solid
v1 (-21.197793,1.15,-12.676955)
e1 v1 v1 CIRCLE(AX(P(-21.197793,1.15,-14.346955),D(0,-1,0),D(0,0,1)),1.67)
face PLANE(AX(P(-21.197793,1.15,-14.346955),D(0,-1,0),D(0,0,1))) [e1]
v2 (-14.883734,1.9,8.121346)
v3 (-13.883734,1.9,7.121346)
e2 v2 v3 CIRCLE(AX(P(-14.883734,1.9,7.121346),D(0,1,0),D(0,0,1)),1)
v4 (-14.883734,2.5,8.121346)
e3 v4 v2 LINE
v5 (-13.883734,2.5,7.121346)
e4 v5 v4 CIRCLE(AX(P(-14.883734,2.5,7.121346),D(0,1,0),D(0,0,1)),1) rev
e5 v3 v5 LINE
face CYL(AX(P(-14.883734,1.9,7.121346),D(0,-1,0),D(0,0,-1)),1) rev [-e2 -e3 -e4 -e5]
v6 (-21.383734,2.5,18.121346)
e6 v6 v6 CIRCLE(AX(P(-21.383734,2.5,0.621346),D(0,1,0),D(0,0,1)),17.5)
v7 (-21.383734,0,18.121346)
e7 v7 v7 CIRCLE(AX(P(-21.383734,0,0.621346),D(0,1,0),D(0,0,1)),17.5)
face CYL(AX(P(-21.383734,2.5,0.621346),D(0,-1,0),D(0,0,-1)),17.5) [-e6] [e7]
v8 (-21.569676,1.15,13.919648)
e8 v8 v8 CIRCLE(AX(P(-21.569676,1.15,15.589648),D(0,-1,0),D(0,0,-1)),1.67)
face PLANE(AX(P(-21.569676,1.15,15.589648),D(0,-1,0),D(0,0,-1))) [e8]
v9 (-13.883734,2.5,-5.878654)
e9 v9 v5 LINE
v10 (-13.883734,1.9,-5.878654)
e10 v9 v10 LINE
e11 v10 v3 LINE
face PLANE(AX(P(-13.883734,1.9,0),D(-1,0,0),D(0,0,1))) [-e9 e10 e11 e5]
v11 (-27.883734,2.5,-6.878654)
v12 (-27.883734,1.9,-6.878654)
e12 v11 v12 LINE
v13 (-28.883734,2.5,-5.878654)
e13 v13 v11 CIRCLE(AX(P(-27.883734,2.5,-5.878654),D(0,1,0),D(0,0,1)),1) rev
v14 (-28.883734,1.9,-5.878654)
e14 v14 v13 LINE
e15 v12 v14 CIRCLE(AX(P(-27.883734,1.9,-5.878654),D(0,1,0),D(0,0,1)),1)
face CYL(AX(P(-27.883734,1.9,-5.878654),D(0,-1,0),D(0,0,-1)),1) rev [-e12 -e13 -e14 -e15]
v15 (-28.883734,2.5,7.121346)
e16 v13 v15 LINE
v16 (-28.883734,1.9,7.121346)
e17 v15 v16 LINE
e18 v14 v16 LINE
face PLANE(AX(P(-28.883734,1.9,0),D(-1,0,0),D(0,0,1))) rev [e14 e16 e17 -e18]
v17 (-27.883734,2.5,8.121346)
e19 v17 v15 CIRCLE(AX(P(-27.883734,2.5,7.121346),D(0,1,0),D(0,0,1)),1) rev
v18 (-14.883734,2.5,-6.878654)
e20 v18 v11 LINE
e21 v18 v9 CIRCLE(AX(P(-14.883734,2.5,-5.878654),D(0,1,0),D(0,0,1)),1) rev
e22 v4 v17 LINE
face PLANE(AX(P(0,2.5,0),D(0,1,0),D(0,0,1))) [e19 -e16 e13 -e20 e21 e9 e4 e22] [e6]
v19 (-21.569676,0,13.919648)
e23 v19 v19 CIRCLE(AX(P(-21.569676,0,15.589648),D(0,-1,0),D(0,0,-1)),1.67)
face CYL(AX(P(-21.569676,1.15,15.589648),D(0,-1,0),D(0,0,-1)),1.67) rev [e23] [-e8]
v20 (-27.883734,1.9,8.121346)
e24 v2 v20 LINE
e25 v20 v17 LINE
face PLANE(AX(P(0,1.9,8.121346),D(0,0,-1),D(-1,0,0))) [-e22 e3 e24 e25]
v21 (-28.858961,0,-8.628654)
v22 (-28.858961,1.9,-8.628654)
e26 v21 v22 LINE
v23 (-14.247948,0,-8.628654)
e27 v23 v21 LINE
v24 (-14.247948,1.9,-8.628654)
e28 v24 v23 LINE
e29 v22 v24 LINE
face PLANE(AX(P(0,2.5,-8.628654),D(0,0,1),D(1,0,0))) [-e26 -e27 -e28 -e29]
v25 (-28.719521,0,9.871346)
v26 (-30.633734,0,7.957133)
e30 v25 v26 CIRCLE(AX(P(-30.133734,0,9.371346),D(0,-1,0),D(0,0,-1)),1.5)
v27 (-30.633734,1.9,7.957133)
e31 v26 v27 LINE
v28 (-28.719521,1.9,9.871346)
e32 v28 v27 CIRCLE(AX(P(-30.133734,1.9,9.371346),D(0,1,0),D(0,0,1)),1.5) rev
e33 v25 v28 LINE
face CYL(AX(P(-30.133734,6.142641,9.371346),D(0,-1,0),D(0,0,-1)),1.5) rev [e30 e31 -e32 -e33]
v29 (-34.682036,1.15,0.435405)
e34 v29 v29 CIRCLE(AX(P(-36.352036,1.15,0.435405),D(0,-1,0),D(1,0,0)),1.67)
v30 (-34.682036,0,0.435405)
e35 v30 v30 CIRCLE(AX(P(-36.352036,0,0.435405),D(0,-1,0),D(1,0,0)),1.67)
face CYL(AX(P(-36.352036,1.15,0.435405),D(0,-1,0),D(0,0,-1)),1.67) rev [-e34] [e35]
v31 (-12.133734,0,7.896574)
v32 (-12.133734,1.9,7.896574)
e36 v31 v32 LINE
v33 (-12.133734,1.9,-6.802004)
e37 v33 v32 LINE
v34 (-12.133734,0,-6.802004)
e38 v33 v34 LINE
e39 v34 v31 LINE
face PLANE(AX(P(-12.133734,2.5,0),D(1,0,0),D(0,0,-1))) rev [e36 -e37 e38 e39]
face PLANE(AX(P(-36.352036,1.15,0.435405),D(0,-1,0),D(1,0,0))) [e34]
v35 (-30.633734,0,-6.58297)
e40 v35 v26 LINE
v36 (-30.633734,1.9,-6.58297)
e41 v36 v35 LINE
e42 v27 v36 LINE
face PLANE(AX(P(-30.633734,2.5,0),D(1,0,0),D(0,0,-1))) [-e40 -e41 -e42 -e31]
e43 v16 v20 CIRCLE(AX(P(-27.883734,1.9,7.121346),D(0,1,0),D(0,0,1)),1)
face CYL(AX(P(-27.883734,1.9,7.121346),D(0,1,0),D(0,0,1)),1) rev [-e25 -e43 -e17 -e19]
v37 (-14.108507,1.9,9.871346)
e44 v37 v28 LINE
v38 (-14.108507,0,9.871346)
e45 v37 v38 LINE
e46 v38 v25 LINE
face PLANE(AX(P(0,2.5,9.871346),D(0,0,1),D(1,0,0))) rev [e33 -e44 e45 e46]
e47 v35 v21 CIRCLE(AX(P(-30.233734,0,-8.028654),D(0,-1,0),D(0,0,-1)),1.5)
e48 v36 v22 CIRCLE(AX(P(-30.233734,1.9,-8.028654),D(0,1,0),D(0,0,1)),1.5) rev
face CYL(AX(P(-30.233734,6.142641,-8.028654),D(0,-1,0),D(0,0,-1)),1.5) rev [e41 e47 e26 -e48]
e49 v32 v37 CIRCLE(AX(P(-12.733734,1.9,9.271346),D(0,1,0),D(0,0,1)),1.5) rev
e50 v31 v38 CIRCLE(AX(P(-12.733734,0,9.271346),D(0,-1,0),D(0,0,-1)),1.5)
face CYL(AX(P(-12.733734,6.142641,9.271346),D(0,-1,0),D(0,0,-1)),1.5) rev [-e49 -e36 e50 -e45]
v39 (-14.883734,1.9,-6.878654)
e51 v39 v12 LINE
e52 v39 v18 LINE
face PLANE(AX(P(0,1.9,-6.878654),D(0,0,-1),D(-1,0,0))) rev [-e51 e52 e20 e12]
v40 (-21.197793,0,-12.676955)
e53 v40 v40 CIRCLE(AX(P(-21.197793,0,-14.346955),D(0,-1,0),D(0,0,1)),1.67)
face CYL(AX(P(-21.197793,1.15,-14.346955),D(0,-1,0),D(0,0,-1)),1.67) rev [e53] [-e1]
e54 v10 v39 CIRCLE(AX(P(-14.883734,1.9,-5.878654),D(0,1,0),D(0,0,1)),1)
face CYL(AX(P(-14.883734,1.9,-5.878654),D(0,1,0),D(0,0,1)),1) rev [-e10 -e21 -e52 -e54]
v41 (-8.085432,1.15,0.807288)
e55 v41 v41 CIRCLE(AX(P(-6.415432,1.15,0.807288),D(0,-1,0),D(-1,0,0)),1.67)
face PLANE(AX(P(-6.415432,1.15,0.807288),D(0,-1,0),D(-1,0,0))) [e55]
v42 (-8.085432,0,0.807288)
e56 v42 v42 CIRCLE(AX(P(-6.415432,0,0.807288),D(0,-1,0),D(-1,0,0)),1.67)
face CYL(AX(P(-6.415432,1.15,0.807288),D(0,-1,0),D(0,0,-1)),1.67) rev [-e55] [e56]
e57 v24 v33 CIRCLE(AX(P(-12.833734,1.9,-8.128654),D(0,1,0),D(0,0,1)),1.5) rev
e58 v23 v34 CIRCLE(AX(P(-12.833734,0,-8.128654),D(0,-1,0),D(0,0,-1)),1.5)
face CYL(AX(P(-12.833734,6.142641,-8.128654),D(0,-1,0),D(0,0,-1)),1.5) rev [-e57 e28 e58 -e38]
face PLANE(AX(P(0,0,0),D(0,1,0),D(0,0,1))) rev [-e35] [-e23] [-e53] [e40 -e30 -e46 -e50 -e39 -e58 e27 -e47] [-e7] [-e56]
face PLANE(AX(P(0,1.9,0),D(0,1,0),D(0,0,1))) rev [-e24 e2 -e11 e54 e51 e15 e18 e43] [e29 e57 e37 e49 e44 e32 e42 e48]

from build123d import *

# Parameters (mm, degrees)
SKETCH2_R           = 17.5
SKETCH2_W           = 18.5
SKETCH2_H           = 18.5
BOSS_EXTRUDE1_DEPTH = 2.5
SKETCH4_R           = 1.67
CUT_EXTRUDE1_DEPTH  = 1.15
CIRPATTERN1_COUNT   = 4
SKETCH5_W           = 18.5
SKETCH5_H           = 18.5
SKETCH5_W_2         = 15
SKETCH5_H_2         = 15
BOSS_EXTRUDE2_DEPTH = 0.6
FILLET1_R           = 1
SKETCH6_R           = 1.5
CUT_EXTRUDE2_DEPTH  = 1.9


with BuildPart() as part:
    # Sketch2 → Boss-Extrude1 (new body)
    with BuildSketch(Plane(origin=(0, 0, 0), x_dir=(1, 0, 0), z_dir=(0, 1, 0))):
        with Locations(Location((-21.383734207, -0.621346489, 0), (0, 0, 270))):
            Circle(SKETCH2_R)
        with Locations((-21.383734207, -0.621346489)):
            Rectangle(SKETCH2_W, SKETCH2_H, mode=Mode.SUBTRACT)
    extrude(amount=BOSS_EXTRUDE1_DEPTH)

    # Sketch4 → Cut-Extrude1 (cut)
    with BuildSketch(Plane.XZ):
        with Locations(Location((-21.569675845, 15.589648339, 0), (0, 0, 270))):
            Circle(SKETCH4_R)
    cut_extrude1 = extrude(amount=-CUT_EXTRUDE1_DEPTH, mode=Mode.SUBTRACT)

    # CirPattern1: Cut-Extrude1 ×4 about axis
    cirpattern1_axis = Axis((-21.383734207, 0, 0.621346489), (0, 1, 0))
    for i in range(1, CIRPATTERN1_COUNT):
        add(cut_extrude1.rotate(cirpattern1_axis, i * 360 / CIRPATTERN1_COUNT), mode=Mode.SUBTRACT)

    # Sketch5 → Boss-Extrude2 (add)
    with BuildSketch(Plane(origin=(0, 2.5, 0), x_dir=(1, 0, 0), z_dir=(0, 1, 0))):
        with Locations((-21.383734207, -0.621346489)):
            Rectangle(SKETCH5_W, SKETCH5_H)
        with Locations((-21.383734207, -0.621346489)):
            Rectangle(SKETCH5_W_2, SKETCH5_H_2, mode=Mode.SUBTRACT)
    extrude(amount=-BOSS_EXTRUDE2_DEPTH)

    # Fillet1
    fillet1_edges = [part.edges().sort_by_distance(p)[0] for p in [
        (-28.883734207, 2.2, -6.878653511),
        (-28.883734207, 2.2, 8.121346489),
        (-13.883734207, 2.2, 8.121346489),
        (-13.883734207, 2.2, -6.878653511),
    ]]
    fillet(fillet1_edges, radius=FILLET1_R)

    # Sketch6 → Cut-Extrude2 (cut)
    with BuildSketch(Plane(origin=(0, 0, 0), x_dir=(-1, 0, 0), z_dir=(0, -1, 0))):
        with Locations((30.133734207, -9.371346489)):
            Circle(SKETCH6_R)
        with Locations((12.733734207, -9.271346489)):
            Circle(SKETCH6_R)
        with Locations((12.833734207, 8.128653511)):
            Circle(SKETCH6_R)
        with Locations((30.233734207, 8.028653511)):
            Circle(SKETCH6_R)
    extrude(amount=-CUT_EXTRUDE2_DEPTH, mode=Mode.SUBTRACT)


solid = part.part
